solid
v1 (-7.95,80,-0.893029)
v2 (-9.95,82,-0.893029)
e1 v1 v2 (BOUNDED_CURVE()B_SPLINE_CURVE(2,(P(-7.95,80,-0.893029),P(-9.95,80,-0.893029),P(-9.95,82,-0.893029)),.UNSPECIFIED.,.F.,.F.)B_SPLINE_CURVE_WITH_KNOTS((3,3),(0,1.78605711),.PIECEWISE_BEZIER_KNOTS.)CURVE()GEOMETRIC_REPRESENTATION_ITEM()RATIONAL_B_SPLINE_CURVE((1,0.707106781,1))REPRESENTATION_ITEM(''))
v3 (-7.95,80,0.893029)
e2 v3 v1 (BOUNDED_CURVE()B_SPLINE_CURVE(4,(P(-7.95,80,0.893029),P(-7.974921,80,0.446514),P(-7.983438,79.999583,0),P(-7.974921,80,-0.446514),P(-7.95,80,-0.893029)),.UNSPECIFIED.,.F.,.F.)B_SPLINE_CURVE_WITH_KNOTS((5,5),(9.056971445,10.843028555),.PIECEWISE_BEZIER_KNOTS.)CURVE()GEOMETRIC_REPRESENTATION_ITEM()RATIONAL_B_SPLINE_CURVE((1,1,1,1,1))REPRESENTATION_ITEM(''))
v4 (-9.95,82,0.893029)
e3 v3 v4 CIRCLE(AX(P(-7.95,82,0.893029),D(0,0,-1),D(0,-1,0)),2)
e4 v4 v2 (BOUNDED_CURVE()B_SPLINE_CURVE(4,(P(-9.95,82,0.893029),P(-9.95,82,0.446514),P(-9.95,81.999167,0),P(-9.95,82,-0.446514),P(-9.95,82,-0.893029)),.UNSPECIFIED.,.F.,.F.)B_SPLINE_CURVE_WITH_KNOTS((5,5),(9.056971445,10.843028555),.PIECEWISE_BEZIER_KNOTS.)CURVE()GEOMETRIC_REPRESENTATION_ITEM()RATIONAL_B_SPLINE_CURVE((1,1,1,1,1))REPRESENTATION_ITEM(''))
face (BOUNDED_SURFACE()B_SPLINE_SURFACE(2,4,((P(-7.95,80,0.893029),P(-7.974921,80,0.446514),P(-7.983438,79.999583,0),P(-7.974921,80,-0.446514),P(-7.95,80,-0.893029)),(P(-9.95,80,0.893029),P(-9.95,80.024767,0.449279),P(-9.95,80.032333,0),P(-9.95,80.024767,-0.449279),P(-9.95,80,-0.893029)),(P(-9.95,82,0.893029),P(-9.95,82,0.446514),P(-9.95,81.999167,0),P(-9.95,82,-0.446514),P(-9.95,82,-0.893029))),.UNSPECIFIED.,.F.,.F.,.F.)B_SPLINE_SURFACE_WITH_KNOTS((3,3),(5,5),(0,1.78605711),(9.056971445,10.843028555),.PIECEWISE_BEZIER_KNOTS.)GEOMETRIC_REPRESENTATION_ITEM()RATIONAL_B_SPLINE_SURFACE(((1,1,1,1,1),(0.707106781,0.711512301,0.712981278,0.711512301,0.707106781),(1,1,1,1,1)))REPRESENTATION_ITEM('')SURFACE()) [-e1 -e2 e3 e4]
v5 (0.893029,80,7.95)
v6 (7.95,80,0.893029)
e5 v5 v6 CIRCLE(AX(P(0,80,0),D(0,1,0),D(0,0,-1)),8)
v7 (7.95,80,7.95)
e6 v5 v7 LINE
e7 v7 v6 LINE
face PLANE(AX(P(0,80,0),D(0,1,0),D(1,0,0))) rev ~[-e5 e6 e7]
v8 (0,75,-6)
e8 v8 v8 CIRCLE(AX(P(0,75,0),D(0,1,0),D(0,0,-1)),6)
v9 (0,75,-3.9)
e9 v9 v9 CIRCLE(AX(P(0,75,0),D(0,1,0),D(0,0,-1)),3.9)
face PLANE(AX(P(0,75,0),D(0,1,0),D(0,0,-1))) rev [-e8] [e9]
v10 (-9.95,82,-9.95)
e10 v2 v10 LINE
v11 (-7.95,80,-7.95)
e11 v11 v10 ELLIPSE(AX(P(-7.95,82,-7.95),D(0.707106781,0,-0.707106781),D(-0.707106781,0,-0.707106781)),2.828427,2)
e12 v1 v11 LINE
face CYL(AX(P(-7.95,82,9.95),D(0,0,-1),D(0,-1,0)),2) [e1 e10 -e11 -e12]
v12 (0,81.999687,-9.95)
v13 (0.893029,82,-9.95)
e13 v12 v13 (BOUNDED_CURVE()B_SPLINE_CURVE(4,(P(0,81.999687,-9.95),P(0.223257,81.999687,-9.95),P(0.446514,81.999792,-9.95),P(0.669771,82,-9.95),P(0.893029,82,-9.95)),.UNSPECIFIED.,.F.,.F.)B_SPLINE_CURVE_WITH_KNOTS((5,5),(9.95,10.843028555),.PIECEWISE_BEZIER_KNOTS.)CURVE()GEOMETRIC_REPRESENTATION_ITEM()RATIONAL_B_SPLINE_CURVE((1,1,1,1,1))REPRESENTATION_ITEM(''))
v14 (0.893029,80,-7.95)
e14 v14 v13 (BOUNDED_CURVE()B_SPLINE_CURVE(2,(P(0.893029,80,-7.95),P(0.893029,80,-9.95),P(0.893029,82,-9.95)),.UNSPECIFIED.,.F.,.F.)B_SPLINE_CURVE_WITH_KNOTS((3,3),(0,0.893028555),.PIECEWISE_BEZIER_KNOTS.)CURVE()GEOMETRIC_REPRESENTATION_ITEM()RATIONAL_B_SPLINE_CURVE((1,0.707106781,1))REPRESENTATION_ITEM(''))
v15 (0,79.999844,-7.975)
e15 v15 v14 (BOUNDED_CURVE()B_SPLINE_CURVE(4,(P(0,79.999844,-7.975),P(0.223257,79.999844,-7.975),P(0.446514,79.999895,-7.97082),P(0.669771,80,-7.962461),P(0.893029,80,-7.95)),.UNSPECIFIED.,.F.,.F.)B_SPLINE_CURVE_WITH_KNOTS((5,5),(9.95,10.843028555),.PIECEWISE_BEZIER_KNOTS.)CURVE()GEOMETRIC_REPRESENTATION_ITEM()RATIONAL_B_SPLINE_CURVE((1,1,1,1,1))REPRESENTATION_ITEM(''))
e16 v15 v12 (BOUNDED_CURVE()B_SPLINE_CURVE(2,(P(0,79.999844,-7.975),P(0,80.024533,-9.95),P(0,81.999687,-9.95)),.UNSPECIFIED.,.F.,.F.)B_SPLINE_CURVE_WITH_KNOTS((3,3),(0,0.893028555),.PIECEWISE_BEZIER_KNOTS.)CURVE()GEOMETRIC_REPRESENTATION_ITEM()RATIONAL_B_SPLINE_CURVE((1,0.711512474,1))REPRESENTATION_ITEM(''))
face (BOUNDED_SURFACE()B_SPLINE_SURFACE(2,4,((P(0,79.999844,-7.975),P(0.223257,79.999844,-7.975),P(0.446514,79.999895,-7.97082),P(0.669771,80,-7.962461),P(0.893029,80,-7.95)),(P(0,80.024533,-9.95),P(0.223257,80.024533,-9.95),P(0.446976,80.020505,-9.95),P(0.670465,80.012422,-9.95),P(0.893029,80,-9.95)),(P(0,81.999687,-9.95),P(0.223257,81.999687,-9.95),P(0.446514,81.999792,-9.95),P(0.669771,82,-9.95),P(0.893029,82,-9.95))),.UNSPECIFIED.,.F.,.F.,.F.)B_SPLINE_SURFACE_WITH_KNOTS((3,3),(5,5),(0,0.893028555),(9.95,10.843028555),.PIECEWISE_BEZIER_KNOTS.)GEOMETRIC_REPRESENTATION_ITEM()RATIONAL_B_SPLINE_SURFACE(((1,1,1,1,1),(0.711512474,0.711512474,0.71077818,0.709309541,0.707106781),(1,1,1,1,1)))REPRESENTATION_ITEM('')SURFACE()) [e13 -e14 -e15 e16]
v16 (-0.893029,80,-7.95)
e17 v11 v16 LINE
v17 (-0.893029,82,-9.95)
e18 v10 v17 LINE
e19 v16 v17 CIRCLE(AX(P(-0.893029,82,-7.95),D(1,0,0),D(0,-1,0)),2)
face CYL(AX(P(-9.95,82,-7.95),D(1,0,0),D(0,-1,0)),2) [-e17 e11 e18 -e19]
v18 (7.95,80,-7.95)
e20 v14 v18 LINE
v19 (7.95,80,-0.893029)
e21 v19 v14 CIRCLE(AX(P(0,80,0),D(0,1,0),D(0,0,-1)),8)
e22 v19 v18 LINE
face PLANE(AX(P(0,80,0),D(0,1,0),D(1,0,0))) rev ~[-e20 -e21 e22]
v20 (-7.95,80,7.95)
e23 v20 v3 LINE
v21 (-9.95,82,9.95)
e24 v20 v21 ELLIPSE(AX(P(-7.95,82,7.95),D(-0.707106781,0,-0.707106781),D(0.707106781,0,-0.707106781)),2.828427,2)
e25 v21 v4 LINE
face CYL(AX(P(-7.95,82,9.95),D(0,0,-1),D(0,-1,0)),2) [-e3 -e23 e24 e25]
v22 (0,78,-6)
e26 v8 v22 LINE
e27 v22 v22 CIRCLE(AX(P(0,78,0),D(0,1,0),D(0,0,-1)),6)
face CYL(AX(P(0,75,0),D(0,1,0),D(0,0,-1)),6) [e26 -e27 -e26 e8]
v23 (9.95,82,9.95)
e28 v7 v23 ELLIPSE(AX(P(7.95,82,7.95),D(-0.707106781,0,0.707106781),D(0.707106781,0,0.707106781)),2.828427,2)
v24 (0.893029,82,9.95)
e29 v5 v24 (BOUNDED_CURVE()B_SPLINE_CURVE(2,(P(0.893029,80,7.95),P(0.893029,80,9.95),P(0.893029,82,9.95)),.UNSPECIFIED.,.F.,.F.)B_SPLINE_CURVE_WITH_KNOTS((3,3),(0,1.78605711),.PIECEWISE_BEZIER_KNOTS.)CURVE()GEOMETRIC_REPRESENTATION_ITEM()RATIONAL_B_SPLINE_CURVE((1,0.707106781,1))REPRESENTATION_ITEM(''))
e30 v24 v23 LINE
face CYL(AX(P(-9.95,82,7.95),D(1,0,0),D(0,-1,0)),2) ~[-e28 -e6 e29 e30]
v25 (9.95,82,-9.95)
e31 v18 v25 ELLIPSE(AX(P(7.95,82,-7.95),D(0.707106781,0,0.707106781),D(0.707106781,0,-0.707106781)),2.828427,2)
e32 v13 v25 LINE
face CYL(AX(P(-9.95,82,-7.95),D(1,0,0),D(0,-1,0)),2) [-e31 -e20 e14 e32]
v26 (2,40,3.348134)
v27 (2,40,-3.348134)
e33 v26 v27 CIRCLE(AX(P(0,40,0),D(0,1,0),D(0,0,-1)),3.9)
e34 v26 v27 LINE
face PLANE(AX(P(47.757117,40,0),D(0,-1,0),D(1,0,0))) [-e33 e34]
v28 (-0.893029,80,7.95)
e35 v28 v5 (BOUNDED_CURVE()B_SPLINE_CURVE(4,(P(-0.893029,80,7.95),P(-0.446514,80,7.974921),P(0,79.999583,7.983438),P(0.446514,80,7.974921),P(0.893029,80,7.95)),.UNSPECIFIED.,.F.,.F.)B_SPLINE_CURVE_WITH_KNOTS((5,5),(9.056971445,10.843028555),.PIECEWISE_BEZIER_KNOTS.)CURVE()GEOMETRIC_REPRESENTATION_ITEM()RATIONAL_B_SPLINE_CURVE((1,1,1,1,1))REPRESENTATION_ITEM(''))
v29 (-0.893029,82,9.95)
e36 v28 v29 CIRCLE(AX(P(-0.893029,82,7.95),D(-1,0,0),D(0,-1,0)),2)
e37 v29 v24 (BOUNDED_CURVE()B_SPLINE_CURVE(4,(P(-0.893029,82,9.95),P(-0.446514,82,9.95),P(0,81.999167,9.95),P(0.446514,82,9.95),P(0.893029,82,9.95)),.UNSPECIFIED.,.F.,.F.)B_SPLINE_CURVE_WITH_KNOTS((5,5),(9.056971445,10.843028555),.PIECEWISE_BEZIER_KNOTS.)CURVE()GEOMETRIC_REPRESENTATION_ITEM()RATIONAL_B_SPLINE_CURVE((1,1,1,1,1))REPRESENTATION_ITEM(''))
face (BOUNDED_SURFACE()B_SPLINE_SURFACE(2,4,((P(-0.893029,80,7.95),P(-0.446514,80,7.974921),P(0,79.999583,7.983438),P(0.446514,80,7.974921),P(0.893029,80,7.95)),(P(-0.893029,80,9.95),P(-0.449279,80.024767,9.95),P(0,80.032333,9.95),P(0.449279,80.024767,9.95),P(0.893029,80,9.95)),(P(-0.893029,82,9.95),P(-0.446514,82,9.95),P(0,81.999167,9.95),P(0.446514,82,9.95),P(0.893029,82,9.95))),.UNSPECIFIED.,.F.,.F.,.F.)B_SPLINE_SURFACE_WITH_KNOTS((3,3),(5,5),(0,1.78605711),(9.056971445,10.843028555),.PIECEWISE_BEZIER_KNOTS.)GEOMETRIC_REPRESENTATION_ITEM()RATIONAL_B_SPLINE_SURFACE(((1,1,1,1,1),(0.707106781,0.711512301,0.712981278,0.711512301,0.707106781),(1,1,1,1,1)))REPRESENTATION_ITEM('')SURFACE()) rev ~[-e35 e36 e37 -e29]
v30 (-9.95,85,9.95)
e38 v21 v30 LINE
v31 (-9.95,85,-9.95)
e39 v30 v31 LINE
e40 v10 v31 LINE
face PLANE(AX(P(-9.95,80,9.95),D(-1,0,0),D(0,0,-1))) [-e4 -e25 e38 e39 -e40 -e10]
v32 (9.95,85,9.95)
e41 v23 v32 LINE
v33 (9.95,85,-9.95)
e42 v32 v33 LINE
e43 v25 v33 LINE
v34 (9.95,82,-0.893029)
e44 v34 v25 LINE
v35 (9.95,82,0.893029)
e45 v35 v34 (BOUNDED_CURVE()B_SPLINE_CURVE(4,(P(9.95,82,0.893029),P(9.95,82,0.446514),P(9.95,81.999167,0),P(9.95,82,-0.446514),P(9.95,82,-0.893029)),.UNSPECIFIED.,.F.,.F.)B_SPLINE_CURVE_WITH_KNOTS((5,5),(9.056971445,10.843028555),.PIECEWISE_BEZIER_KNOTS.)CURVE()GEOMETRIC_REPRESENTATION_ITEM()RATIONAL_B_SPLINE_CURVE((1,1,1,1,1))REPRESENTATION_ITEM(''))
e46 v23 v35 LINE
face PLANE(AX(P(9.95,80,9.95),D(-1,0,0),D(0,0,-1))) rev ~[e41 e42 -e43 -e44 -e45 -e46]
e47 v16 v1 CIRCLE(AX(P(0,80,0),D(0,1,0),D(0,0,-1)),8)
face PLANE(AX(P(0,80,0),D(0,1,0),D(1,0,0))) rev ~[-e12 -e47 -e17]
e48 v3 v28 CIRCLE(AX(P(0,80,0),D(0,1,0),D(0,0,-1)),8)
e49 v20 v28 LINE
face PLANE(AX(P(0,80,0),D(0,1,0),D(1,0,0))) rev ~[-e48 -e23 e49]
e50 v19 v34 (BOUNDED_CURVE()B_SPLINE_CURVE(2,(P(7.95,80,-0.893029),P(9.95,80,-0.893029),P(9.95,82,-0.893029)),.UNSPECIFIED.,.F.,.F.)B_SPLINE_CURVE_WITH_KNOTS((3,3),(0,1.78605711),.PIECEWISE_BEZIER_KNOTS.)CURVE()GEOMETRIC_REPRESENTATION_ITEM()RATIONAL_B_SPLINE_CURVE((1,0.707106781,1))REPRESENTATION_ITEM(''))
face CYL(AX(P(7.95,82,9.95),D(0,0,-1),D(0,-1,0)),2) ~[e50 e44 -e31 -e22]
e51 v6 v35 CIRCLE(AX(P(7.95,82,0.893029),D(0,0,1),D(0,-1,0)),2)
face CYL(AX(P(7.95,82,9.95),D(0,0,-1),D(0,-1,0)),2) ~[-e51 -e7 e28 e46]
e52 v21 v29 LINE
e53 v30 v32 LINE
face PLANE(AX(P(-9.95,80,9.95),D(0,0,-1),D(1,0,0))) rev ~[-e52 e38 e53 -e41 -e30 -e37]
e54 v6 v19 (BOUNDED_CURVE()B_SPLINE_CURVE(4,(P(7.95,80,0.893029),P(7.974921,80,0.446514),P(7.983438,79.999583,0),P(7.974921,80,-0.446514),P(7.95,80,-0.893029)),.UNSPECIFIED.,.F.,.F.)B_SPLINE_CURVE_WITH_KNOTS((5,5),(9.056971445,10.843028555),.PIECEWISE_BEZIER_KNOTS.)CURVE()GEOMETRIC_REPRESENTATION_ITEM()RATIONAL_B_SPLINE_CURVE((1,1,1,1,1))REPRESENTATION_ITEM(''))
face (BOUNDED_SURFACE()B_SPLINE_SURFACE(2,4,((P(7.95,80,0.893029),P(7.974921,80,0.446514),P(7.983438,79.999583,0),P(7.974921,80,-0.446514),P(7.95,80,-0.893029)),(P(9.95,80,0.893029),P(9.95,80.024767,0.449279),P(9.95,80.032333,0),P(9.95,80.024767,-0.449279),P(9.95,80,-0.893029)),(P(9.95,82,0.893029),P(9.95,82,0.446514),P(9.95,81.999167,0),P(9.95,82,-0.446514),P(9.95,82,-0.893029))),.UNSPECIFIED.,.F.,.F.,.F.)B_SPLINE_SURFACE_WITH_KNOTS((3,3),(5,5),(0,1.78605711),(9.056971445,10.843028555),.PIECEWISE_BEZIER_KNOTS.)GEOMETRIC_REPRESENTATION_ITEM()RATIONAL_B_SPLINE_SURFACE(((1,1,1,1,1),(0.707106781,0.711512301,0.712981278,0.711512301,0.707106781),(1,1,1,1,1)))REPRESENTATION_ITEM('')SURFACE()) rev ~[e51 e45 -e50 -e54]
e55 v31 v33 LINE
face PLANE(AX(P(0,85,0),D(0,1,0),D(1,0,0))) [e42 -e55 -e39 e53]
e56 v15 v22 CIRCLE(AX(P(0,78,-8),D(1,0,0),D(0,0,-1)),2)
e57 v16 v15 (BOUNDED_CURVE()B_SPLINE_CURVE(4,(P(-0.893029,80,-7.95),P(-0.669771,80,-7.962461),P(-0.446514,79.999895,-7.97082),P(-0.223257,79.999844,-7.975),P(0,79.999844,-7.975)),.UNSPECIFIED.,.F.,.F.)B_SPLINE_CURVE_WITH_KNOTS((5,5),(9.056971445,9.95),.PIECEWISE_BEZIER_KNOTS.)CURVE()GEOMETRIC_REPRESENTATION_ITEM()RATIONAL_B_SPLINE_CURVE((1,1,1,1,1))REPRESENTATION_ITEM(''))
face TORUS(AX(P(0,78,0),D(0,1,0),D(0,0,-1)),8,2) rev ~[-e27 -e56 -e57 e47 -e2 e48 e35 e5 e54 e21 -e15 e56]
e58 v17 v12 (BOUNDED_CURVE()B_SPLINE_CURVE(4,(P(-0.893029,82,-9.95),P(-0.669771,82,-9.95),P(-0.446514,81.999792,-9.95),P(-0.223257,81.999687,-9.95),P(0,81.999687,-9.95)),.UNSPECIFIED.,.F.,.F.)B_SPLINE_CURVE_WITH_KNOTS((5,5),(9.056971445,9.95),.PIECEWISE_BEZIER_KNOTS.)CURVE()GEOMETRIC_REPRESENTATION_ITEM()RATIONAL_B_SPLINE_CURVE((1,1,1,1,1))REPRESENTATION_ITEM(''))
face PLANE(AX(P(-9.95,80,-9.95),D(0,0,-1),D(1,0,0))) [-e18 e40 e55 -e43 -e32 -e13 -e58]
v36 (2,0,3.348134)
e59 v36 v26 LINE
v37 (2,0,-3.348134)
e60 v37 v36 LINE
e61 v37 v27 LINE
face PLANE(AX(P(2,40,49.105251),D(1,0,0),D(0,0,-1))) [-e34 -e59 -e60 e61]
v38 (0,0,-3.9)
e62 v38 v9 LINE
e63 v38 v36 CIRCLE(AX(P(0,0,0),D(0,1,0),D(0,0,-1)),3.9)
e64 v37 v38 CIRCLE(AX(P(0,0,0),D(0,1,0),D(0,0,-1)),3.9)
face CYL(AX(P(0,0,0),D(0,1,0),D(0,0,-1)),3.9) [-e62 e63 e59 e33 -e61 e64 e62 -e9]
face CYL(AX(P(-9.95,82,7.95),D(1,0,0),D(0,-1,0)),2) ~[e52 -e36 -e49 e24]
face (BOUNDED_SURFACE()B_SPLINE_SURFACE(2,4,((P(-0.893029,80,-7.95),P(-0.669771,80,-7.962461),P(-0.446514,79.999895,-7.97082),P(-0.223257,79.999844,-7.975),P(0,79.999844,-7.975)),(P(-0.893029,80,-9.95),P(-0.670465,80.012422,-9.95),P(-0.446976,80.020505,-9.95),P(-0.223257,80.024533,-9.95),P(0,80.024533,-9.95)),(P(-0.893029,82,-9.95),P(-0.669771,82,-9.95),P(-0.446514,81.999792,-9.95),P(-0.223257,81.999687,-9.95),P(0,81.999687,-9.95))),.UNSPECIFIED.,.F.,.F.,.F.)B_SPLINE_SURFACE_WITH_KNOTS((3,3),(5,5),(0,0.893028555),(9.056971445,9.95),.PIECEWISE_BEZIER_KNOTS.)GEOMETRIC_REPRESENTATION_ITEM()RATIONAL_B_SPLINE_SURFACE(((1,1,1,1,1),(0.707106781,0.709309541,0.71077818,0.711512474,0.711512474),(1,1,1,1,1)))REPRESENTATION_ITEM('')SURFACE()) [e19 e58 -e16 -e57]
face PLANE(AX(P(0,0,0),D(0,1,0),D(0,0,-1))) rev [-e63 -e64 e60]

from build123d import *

# Parameters (mm, degrees)
CROQUIS2_W                 = 19.9
CROQUIS2_H                 = 19.9
SALIENTE_EXTRUIR1_DEPTH    = 5
CORTAR_EXTRUIR1_DEPTH      = 87.156862756
CORTAR_EXTRUIR1_DEPTH_BACK = 40
REDONDEO3_R                = 2
REDONDEO4_R                = 2


with BuildPart() as part:
    # Croquis1 → Revolución1 (revolve)
    with BuildSketch(Plane(origin=(0, 0, 0), x_dir=(0, 0, -1), z_dir=(1, 0, 0)), mode=Mode.PRIVATE) as revoluci_n1_sk:
        Polygon((0, 0), (-3.9, 0), (-3.9, 75), (-6, 75), (-6, 80), (0, 80), align=None)
    revolve(revoluci_n1_sk.sketch.rotate(Axis((0, 0, 0), (0, 1, 0)), 180), axis=Axis((0, 0, 0), (0, 1, 0)))

    # Croquis2 → Saliente-Extruir1 (add)
    with BuildSketch(Plane(origin=(0, 80, 0), x_dir=(1, 0, 0), z_dir=(0, 1, 0))):
        Rectangle(CROQUIS2_W, CROQUIS2_H)
    extrude(amount=SALIENTE_EXTRUIR1_DEPTH)

    # Croquis3 → Cortar-Extruir1 (cut, two sides: drawn at the far end of the back side and taken through both)
    with BuildSketch(Plane.XZ.offset(-CORTAR_EXTRUIR1_DEPTH_BACK)):
        Polygon((2, 49.105251298), (2, 3.348133809), (2, -3.348133809), (2, -49.105251298), (93.514234979, -49.105251298), (93.514234979, 49.105251298), align=None)
    extrude(amount=CORTAR_EXTRUIR1_DEPTH + CORTAR_EXTRUIR1_DEPTH_BACK, mode=Mode.SUBTRACT)

    # Redondeo3
    redondeo3_edges = [part.edges().sort_by_distance(p)[0] for p in [
        (0, 80, 6),
    ]]
    fillet(redondeo3_edges, radius=REDONDEO3_R)

    # Redondeo4
    redondeo4_edges = [part.edges().sort_by_distance(p)[0] for p in [
        (0, 80, 9.95),
        (9.95, 80, 0),
        (-9.95, 80, 0),
        (0, 80, -9.95),
    ]]
    fillet(redondeo4_edges, radius=REDONDEO4_R)


solid = part.part
